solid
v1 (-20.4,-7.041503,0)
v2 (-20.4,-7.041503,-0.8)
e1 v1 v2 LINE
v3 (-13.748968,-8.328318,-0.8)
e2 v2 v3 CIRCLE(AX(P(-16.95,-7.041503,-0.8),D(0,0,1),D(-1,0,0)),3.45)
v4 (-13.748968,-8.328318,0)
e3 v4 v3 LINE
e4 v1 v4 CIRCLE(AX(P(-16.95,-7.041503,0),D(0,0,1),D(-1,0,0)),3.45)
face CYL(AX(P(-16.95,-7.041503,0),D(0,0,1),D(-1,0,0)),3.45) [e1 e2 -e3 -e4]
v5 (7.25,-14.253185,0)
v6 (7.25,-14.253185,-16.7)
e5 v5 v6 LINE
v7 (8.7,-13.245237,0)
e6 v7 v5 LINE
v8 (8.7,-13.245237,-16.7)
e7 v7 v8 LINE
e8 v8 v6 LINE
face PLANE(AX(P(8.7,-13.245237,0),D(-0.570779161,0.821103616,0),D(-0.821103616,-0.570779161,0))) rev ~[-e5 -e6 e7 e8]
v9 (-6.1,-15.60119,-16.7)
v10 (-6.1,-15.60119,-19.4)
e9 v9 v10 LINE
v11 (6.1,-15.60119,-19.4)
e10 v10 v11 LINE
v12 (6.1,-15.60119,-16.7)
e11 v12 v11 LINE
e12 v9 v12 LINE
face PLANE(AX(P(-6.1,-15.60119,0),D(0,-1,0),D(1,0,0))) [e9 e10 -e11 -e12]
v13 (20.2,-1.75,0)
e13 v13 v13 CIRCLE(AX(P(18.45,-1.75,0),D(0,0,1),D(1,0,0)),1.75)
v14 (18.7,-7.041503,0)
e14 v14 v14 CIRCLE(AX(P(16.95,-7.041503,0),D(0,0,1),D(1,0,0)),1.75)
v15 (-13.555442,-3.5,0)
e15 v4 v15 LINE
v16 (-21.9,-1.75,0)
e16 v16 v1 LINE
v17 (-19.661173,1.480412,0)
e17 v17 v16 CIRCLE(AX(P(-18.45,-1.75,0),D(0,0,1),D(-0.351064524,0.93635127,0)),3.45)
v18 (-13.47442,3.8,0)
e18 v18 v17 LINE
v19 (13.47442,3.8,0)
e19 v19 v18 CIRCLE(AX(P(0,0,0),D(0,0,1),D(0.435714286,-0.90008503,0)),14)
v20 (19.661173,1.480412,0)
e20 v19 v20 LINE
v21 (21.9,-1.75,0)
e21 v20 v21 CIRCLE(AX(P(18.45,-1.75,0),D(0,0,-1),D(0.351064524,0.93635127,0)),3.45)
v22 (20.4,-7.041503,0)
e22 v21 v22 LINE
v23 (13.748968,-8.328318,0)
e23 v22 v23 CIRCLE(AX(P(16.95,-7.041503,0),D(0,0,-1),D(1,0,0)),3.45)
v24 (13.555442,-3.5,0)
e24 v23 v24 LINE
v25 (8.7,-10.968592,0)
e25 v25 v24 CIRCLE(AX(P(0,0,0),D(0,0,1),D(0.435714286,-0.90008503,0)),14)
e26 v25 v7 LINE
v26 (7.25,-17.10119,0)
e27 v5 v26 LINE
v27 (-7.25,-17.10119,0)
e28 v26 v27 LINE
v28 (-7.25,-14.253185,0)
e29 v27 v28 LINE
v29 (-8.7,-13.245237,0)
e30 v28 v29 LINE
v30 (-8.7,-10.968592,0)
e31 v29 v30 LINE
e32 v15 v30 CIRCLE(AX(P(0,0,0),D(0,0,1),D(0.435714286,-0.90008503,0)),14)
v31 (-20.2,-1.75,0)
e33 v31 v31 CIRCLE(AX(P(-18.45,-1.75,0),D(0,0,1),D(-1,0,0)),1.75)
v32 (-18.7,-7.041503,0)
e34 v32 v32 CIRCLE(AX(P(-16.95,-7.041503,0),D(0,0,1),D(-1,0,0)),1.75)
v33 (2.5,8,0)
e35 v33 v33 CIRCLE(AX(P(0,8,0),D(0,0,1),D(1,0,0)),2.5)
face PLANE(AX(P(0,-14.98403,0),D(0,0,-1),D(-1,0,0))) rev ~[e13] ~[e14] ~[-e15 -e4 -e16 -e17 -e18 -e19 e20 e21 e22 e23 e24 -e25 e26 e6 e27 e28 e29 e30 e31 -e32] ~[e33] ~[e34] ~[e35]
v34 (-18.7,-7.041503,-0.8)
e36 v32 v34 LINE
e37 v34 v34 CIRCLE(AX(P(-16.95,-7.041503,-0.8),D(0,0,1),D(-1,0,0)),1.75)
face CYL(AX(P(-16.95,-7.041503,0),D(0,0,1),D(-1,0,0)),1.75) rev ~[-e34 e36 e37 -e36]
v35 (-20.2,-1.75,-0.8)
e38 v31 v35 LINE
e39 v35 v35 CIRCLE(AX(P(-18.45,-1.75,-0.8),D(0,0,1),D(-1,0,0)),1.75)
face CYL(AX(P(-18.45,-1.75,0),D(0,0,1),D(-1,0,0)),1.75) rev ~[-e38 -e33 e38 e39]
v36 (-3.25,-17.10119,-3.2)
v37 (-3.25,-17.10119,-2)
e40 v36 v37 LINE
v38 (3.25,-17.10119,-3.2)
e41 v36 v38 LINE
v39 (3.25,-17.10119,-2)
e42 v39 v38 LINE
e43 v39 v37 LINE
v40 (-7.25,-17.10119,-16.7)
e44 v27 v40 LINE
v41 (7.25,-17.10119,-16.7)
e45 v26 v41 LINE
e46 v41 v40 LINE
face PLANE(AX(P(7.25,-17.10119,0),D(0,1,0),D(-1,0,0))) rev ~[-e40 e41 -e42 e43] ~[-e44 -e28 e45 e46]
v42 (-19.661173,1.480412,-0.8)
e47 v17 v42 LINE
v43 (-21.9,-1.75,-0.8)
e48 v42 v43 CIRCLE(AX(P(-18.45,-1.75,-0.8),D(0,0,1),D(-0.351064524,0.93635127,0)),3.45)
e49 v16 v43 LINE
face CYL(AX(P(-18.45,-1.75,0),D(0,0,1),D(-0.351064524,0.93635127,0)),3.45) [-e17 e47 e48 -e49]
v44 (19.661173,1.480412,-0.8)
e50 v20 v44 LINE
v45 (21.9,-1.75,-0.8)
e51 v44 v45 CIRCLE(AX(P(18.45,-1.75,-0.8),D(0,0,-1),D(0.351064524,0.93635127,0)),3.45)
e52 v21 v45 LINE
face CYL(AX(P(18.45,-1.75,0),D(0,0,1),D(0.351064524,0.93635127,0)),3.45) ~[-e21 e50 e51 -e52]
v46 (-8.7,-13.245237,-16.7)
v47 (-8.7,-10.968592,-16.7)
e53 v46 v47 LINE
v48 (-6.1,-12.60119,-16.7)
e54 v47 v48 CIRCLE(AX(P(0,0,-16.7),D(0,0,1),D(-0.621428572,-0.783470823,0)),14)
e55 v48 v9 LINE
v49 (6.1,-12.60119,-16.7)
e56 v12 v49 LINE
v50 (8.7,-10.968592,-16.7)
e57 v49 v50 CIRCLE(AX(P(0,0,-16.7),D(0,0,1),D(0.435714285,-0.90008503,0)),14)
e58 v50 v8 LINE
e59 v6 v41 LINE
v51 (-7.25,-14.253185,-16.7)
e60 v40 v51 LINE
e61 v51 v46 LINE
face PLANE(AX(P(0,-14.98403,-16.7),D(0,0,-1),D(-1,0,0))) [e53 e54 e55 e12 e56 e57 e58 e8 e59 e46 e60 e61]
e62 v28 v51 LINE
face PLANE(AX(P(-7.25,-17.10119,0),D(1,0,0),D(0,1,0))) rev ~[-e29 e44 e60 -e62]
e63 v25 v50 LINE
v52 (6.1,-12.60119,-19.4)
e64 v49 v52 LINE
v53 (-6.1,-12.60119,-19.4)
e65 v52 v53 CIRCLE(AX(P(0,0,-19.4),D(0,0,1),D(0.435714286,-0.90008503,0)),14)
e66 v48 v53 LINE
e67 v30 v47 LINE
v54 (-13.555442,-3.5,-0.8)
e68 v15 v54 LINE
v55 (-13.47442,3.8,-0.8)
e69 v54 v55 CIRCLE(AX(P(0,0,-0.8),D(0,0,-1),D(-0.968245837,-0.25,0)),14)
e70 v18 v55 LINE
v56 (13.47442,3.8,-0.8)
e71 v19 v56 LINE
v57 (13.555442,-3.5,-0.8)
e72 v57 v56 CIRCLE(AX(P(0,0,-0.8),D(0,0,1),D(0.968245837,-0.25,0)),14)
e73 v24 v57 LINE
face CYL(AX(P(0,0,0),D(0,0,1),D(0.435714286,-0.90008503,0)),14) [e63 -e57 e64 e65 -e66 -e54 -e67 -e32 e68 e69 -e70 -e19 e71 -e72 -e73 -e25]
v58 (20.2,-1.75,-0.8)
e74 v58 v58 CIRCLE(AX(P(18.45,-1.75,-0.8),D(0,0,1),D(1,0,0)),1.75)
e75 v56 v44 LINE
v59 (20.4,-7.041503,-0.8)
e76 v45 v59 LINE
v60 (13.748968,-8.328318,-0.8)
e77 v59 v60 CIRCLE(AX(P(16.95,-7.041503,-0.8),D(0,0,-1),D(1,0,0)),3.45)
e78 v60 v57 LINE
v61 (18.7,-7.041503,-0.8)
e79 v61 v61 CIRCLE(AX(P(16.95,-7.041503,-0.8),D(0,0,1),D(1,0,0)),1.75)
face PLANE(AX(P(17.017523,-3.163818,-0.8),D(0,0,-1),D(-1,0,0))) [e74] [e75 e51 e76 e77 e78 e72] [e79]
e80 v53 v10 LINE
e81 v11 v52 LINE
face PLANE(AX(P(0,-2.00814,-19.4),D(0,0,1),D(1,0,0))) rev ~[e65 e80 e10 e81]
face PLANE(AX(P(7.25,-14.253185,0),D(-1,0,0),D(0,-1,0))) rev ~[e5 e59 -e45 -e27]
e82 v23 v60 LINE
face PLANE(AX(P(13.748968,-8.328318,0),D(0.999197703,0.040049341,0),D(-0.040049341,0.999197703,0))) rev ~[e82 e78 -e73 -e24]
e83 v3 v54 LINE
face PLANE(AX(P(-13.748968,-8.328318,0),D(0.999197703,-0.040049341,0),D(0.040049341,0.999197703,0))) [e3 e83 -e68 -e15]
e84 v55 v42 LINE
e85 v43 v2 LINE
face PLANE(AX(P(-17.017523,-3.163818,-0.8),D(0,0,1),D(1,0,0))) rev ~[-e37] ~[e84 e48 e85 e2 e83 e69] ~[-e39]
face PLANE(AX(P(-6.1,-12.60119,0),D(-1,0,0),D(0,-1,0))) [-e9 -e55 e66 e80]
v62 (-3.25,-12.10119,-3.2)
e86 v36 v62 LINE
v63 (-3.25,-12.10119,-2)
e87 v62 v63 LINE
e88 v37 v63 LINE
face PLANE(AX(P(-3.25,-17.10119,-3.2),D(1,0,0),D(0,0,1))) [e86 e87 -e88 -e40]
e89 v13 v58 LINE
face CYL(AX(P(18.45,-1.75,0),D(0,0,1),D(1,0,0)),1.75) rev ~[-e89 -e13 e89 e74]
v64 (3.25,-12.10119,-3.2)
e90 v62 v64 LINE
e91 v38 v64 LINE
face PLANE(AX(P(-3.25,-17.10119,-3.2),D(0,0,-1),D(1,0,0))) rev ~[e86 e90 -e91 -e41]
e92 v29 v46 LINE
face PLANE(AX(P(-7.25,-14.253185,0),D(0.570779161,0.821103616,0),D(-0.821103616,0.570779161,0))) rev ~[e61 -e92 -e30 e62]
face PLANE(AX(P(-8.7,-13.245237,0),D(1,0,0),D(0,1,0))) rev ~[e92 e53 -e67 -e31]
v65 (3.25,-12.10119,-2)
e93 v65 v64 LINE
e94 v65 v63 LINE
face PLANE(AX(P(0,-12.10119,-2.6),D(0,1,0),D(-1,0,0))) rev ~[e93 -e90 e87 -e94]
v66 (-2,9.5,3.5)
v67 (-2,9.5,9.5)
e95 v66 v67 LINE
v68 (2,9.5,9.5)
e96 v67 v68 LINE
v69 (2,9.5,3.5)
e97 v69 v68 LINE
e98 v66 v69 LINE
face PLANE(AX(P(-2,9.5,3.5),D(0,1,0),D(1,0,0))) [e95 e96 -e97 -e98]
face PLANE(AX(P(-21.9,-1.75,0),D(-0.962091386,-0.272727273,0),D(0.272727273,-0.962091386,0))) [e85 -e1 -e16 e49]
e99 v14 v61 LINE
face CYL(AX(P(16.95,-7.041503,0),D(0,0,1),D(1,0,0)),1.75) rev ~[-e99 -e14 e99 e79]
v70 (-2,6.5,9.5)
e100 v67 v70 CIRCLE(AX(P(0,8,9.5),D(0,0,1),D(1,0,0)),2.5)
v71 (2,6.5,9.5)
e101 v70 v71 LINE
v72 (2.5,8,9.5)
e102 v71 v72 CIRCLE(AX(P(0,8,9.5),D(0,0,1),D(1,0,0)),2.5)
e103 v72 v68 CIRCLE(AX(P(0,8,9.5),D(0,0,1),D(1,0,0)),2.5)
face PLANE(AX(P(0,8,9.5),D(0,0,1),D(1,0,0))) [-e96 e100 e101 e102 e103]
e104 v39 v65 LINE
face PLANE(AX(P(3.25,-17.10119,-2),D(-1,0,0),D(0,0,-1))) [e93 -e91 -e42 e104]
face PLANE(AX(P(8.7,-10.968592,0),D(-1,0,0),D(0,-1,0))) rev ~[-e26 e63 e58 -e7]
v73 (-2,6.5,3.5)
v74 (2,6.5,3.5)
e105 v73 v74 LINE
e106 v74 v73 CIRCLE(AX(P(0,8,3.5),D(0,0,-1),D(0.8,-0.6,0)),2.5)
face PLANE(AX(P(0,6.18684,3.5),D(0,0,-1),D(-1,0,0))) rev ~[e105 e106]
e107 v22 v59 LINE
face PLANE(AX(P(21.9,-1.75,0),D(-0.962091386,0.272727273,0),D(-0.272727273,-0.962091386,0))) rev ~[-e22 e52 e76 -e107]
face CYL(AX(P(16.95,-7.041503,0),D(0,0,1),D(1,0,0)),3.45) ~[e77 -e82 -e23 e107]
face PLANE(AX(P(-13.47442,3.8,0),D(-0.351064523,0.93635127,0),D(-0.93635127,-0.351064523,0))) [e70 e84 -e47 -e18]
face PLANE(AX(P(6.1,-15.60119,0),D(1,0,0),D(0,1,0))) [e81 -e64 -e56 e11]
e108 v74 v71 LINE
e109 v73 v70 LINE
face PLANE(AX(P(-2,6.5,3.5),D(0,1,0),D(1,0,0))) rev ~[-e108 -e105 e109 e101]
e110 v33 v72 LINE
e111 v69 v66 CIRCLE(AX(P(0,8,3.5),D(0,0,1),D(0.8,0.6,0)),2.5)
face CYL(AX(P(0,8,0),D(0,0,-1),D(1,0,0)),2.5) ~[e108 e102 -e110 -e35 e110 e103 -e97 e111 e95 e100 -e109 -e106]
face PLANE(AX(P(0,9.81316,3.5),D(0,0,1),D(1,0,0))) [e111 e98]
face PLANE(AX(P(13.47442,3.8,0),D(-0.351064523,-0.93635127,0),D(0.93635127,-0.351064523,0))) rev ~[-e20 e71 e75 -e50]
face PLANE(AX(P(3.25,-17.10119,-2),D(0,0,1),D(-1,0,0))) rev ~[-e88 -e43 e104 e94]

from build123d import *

# Parameters (mm, degrees)
HOUSING_BOSS_EXTRUDE1_DEPTH           = 19.4
PLASTIC_SHEILDING_BOSS_EXTRUDE2_DEPTH = 16.7
SKETCH5_R                             = 1.75
MOUNTING_BRACKETS_BOSS_EXTRUDE3_DEPTH = 0.8
SKETCH6_R                             = 2.5
SHAFT_BOSS_EXTRUDE4_DEPTH             = 9.5
SHAFT_START                           = -6
SHAFT_EDGECUT_EXTRUDE1_DEPTH          = 6
CABLE_HOLE_CUT_EXTRUDE2_DEPTH         = 5


with BuildPart() as part:
    # Sketch2 → Housing Boss-Extrude1 (new body)
    with BuildSketch(Plane.XY):
        with BuildLine():
            Line((-6.1, -15.60119042), (0, -15.60119042))
            Line((0, -15.60119042), (6.1, -15.60119042))
            Line((6.1, -15.60119042), (6.1, -12.60119042))
            ThreePointArc((6.1, -12.60119042), (0, 14), (-6.1, -12.60119042))
            Line((-6.1, -12.60119042), (-6.1, -15.60119042))
        make_face()
    extrude(amount=-HOUSING_BOSS_EXTRUDE1_DEPTH)

    # Sketch4 → Plastic Sheilding Boss-Extrude2 (add)
    with BuildSketch(Plane.XY):
        with BuildLine():
            Line((0, -17.10119042), (-7.25, -17.10119042))
            Line((-7.25, -17.10119042), (-7.25, -14.253185025))
            Line((-7.25, -14.253185025), (-8.7, -13.245236981))
            Line((-8.7, -13.245236981), (-8.7, -10.968591523))
            ThreePointArc((-8.7, -10.968591523), (-7.444887158, -11.856376142), (-6.1, -12.60119042))
            Line((-6.1, -12.60119042), (-6.1, -15.60119042))
            Line((-6.1, -15.60119042), (6.1, -15.60119042))
            Line((6.1, -15.60119042), (6.1, -12.60119042))
            ThreePointArc((6.1, -12.60119042), (7.444887158, -11.856376142), (8.7, -10.968591523))
            Line((8.7, -10.968591523), (8.7, -13.245236981))
            Line((8.7, -13.245236981), (7.25, -14.253185025))
            Line((7.25, -14.253185025), (7.25, -17.10119042))
            Line((7.25, -17.10119042), (0, -17.10119042))
        make_face()
    extrude(amount=-PLASTIC_SHEILDING_BOSS_EXTRUDE2_DEPTH)

    # Sketch5 → Mounting Brackets Boss-Extrude3 (add)
    # profile 1 of 2: a face of its own
    with BuildSketch(Plane.XY):
        with BuildLine():
            Line((13.47442021, 3.8), (19.661172606, 1.480411881))
            ThreePointArc((19.661172606, 1.480411881), (21.285581553, 0.215191404), (21.9, -1.75))
            Line((21.9, -1.75), (20.4, -7.041502622))
            ThreePointArc((20.4, -7.041502622), (17.605339359, -10.428688818), (13.748967928, -8.328317944))
            Line((13.748967928, -8.328317944), (13.555441712, -3.5))
            ThreePointArc((13.555441712, -3.5), (13.999137791, 0.155374132), (13.47442021, 3.8))
        make_face()
        with Locations((18.45, -1.75)):
            Circle(SKETCH5_R, mode=Mode.SUBTRACT)
        with Locations((16.95, -7.041502622)):
            Circle(SKETCH5_R, mode=Mode.SUBTRACT)
    # profile 2 of 2: a face of its own
    with BuildSketch(Plane.XY):
        with BuildLine():
            Line((-13.748967928, -8.328317944), (-13.555441712, -3.5))
            ThreePointArc((-13.555441712, -3.5), (-13.999137791, 0.155374132), (-13.47442021, 3.8))
            Line((-13.47442021, 3.8), (-19.661172606, 1.480411881))
            ThreePointArc((-19.661172606, 1.480411881), (-21.285581553, 0.215191404), (-21.9, -1.75))
            Line((-21.9, -1.75), (-20.4, -7.041502622))
            ThreePointArc((-20.4, -7.041502622), (-17.605339359, -10.428688818), (-13.748967928, -8.328317944))
        make_face()
        with Locations(Location((-16.95, -7.041502622, 0), (0, 0, 180))):
            Circle(SKETCH5_R, mode=Mode.SUBTRACT)
        with Locations(Location((-18.45, -1.75, 0), (0, 0, 180))):
            Circle(SKETCH5_R, mode=Mode.SUBTRACT)
    extrude(amount=-MOUNTING_BRACKETS_BOSS_EXTRUDE3_DEPTH)

    # Sketch6 → Shaft Boss-Extrude4 (add)
    with BuildSketch(Plane.XY):
        with Locations((0, 8)):
            Circle(SKETCH6_R)
    extrude(amount=SHAFT_BOSS_EXTRUDE4_DEPTH)

    # Sketch7 → Shaft EdgeCut-Extrude1 (cut)
    with BuildSketch(Plane.XY.offset(9.5).offset(SHAFT_START)):
        with BuildLine():
            Line((-2, 9.5), (2, 9.5))
            ThreePointArc((2, 9.5), (0, 10.5), (-2, 9.5))
        make_face()
        with BuildLine():
            Line((-2, 6.5), (2, 6.5))
            ThreePointArc((2, 6.5), (0, 5.5), (-2, 6.5))
        make_face()
    extrude(amount=SHAFT_EDGECUT_EXTRUDE1_DEPTH, mode=Mode.SUBTRACT)

    # Sketch8 → Cable Hole Cut-Extrude2 (cut)
    with BuildSketch(Plane.XZ.offset(17.10119042)):
        Polygon((0, -2), (3.25, -2), (3.25, -3.2), (0, -3.2), (-3.25, -3.2), (-3.25, -2), align=None)
    extrude(amount=-CABLE_HOLE_CUT_EXTRUDE2_DEPTH, mode=Mode.SUBTRACT)


solid = part.part
